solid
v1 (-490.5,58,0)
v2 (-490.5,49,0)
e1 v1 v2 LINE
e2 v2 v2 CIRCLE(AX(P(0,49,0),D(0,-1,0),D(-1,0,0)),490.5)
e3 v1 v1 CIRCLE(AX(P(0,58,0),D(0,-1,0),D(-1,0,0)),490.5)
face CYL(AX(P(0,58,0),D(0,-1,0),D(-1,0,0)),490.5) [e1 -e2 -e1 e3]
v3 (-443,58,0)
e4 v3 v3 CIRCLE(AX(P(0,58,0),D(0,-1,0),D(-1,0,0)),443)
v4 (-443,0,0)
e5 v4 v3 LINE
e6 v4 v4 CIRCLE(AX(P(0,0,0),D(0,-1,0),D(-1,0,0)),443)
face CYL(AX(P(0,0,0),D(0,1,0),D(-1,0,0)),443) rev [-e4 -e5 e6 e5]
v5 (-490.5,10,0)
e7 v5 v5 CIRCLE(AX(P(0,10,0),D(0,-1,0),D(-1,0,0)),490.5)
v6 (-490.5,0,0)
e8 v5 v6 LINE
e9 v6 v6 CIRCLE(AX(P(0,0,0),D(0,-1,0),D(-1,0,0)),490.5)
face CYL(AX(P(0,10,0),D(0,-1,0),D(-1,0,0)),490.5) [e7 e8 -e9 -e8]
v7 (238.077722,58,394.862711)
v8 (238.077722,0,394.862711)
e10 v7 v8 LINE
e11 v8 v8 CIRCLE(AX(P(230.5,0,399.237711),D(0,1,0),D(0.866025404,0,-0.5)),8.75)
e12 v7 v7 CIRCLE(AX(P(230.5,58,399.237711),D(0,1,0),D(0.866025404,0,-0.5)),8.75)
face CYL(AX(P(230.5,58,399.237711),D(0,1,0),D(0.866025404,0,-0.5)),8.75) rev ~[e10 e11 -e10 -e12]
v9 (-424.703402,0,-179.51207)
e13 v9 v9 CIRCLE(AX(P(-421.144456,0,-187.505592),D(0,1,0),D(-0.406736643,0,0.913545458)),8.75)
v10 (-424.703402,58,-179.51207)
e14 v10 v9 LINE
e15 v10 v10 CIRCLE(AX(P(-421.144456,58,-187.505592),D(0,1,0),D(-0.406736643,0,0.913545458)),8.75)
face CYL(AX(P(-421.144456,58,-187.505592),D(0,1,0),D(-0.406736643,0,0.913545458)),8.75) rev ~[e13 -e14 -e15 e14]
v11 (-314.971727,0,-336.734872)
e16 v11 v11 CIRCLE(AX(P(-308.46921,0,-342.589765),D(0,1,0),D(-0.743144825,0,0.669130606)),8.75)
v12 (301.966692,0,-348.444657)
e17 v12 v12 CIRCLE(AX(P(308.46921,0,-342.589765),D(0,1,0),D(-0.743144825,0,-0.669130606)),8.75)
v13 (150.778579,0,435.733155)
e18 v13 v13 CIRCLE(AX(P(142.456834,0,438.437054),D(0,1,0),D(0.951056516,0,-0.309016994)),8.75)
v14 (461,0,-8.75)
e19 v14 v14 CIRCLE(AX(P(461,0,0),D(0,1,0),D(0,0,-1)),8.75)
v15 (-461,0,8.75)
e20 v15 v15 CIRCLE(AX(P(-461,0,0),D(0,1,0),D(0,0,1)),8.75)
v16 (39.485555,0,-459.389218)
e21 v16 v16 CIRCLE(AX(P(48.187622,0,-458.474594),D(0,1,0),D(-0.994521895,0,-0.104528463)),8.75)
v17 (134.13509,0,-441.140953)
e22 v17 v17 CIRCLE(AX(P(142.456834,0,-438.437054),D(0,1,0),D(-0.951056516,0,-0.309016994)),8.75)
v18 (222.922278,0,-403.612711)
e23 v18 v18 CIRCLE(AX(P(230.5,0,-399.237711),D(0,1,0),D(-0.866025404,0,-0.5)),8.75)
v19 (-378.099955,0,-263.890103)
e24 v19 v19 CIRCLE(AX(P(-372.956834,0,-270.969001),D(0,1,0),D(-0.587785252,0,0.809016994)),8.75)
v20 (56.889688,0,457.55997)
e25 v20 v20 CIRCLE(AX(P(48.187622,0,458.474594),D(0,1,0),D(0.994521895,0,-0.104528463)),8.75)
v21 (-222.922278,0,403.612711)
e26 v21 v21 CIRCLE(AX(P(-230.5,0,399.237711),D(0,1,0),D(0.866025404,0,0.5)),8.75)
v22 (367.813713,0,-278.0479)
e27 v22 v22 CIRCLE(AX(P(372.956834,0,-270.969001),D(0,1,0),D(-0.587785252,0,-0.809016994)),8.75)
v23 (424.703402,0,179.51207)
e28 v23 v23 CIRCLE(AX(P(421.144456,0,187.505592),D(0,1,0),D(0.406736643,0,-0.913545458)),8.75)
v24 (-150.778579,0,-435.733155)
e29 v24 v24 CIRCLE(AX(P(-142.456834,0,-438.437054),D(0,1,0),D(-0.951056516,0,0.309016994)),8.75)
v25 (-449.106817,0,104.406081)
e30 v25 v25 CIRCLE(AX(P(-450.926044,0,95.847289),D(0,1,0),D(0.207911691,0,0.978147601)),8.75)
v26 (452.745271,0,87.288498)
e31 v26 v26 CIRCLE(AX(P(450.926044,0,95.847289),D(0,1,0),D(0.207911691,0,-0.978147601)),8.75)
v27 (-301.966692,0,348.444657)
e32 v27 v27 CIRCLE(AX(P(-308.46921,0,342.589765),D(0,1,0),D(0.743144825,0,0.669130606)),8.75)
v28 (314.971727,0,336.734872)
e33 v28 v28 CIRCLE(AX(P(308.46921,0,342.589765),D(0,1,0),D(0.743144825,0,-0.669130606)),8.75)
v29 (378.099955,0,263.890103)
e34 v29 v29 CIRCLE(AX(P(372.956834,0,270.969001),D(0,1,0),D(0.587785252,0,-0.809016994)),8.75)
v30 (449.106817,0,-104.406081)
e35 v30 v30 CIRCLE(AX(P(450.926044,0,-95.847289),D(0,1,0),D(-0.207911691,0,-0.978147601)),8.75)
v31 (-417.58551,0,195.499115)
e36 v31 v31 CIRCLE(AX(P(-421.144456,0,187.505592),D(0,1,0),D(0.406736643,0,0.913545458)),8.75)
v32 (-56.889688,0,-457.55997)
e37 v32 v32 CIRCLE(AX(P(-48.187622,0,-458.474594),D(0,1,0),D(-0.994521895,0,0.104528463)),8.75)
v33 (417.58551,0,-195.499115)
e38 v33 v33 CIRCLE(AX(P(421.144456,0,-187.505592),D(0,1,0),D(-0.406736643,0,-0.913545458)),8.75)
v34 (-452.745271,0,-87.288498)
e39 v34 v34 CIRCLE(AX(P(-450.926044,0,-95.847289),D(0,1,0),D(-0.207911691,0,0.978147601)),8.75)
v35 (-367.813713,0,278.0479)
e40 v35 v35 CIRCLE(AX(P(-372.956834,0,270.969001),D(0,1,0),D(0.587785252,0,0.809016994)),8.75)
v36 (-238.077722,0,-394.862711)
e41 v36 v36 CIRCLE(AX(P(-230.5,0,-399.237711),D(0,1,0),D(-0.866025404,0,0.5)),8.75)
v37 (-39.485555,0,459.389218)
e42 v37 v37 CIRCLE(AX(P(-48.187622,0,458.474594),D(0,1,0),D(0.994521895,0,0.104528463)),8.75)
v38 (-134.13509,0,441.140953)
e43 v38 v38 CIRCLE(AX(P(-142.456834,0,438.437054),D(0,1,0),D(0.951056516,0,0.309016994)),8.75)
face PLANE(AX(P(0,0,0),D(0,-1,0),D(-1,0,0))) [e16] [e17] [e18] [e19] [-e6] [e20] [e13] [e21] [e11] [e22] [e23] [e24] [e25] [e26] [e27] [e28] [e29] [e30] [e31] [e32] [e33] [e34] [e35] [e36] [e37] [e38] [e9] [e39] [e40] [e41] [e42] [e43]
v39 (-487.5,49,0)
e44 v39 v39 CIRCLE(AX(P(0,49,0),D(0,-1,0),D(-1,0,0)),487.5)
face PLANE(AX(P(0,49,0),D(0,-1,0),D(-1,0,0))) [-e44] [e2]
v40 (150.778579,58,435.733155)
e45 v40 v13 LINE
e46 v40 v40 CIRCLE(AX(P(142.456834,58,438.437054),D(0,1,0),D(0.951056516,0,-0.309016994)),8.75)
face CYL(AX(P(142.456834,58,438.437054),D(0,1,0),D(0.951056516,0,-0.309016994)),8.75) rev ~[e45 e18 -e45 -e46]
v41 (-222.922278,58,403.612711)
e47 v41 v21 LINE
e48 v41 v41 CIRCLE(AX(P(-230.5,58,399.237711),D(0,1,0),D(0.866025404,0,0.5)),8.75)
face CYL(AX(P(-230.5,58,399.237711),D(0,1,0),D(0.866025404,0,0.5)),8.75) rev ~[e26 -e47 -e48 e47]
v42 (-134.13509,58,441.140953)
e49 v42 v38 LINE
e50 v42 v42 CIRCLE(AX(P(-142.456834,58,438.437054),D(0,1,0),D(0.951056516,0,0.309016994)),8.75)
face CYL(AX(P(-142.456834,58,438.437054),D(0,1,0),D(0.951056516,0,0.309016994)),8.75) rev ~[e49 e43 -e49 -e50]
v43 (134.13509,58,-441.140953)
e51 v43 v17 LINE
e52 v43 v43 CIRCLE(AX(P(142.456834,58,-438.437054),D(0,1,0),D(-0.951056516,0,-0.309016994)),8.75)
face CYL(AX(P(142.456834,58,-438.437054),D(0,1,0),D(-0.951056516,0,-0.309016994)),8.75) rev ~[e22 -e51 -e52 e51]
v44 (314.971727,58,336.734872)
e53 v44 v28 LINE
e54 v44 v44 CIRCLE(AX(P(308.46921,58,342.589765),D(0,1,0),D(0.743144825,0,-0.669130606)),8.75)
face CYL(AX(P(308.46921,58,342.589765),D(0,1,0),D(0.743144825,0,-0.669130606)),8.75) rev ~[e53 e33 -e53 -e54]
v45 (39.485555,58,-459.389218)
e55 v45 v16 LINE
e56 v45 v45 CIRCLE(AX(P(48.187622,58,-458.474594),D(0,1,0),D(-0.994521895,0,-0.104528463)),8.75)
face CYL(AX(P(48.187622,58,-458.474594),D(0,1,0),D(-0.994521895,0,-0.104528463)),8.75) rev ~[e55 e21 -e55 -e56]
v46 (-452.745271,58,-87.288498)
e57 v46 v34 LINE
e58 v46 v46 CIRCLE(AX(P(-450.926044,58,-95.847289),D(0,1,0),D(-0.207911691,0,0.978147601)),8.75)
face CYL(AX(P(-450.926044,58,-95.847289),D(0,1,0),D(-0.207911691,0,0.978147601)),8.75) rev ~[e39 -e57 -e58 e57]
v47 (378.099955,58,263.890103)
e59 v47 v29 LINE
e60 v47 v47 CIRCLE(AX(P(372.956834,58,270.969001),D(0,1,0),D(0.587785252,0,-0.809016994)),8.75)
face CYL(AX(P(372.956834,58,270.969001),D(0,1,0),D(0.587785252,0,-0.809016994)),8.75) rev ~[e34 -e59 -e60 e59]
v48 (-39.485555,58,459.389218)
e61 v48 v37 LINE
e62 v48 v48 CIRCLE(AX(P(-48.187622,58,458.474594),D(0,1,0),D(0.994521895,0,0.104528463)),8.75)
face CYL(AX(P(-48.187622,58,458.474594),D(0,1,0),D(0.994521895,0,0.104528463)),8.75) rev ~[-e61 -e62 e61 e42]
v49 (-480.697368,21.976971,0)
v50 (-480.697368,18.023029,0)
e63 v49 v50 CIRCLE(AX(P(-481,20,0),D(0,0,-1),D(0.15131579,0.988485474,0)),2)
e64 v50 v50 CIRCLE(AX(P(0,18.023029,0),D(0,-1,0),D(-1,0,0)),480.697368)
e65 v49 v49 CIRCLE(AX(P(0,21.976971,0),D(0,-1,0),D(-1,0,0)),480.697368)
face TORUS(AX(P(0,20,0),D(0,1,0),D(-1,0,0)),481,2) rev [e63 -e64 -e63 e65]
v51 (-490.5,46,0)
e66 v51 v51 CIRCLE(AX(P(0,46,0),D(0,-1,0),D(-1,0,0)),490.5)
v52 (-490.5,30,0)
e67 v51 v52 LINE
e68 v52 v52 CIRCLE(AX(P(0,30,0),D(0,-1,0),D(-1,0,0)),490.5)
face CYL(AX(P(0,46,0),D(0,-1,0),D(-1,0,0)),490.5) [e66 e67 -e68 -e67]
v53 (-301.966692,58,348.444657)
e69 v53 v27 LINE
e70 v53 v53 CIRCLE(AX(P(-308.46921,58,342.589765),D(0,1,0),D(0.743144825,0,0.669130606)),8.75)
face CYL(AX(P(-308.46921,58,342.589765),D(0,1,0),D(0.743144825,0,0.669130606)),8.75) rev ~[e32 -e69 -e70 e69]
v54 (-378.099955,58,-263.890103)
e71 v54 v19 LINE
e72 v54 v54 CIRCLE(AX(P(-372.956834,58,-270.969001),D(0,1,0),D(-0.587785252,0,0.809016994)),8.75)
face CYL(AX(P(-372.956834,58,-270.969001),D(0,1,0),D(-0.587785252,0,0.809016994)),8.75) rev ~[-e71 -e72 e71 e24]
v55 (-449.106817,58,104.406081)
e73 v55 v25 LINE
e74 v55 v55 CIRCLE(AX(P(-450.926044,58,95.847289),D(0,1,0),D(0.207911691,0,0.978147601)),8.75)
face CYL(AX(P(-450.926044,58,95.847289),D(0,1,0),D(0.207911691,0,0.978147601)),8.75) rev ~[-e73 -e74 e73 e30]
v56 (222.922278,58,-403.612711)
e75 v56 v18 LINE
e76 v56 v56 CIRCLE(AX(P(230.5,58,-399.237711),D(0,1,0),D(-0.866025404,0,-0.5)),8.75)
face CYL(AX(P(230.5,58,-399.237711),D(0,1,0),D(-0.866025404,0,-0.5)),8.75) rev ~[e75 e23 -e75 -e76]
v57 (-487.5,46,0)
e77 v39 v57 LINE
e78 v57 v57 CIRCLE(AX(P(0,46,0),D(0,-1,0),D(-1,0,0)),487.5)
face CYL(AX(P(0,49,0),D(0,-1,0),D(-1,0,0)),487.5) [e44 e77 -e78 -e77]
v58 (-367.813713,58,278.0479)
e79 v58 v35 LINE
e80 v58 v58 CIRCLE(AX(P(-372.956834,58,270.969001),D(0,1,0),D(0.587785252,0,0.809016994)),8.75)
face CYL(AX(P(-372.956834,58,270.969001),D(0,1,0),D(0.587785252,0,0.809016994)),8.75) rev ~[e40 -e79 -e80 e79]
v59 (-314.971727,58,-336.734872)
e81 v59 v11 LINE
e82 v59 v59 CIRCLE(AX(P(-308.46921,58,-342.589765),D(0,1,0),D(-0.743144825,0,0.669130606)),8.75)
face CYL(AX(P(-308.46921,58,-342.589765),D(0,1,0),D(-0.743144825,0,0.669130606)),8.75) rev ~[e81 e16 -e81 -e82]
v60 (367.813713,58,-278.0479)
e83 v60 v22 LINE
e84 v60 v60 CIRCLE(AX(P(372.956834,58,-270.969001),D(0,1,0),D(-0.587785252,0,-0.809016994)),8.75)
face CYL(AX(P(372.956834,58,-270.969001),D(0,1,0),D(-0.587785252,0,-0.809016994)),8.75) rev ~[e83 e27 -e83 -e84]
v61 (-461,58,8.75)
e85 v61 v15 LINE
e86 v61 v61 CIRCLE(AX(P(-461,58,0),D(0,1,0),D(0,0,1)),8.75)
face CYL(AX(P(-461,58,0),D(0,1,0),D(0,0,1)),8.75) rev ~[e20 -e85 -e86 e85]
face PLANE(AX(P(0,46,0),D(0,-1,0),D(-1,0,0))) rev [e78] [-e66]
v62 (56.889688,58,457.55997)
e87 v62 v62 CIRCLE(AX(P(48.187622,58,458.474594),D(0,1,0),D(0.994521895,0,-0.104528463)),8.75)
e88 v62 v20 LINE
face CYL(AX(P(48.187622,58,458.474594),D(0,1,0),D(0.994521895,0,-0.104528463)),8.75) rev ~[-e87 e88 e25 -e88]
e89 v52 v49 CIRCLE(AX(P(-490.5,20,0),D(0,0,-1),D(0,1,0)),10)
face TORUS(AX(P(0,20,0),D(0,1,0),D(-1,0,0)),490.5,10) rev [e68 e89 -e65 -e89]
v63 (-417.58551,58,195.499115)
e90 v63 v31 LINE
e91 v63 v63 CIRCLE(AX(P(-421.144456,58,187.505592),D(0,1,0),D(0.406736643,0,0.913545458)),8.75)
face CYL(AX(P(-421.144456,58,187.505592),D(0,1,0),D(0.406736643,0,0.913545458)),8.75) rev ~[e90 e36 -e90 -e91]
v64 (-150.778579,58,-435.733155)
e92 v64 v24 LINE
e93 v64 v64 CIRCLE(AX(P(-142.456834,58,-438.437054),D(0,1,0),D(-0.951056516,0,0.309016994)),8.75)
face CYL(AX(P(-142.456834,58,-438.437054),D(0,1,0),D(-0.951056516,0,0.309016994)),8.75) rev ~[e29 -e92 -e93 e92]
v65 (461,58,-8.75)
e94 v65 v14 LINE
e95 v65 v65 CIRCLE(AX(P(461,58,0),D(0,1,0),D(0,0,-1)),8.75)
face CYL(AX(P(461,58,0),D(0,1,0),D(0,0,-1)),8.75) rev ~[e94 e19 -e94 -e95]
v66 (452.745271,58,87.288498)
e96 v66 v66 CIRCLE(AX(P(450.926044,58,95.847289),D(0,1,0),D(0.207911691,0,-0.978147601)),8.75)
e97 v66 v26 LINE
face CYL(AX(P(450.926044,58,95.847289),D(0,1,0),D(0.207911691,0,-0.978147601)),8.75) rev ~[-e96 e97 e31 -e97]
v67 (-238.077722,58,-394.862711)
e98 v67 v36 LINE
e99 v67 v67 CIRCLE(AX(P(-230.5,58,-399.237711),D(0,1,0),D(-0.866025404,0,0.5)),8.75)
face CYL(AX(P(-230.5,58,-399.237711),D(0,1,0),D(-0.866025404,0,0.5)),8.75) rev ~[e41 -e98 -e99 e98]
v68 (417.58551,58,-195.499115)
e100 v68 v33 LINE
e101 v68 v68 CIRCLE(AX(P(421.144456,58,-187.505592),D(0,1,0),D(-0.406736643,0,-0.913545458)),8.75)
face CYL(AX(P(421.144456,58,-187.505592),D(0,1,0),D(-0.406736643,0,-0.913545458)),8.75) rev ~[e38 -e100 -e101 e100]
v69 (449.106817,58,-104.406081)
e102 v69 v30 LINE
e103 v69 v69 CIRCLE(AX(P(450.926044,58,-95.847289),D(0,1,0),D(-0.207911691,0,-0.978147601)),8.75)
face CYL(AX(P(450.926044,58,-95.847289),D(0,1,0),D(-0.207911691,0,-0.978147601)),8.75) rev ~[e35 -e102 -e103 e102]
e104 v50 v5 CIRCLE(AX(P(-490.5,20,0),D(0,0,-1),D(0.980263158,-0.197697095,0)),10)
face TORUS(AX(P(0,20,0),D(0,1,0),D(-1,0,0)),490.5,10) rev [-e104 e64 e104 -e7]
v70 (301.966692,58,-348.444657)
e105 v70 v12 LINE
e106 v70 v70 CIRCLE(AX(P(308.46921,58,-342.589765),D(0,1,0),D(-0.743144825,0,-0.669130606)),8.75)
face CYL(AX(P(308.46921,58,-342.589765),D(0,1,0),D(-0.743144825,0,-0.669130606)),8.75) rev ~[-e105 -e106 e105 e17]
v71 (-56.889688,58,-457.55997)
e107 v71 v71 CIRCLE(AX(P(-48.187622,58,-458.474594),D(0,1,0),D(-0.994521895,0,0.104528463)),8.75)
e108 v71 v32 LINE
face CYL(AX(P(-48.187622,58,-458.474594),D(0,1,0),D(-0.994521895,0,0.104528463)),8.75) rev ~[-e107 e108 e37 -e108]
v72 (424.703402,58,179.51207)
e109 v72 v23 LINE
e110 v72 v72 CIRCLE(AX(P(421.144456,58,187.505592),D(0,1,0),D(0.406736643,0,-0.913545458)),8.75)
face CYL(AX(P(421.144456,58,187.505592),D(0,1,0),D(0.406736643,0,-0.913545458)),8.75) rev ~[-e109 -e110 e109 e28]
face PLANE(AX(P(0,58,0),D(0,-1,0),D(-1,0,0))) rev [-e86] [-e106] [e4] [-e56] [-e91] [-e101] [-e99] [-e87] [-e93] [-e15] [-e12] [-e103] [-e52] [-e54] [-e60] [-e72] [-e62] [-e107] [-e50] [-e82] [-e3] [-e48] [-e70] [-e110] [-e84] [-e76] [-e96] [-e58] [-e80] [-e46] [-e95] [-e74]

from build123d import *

# Parameters (mm, degrees)
ESQUISSE4_R                  = 8.75
ENL_V_MAT_EXTRU_2_DEPTH      = 697.092307097
R_P_TITION_CIRCULAIRE1_COUNT = 30


with BuildPart() as part:
    # Esquisse1 → Révolution1 (revolve)
    with BuildSketch(Plane.XY):
        with BuildLine():
            Line((-490.5, 58), (-490.5, 49))
            Line((-490.5, 49), (-487.5, 49))
            Line((-487.5, 49), (-487.5, 46))
            Line((-487.5, 46), (-490.5, 46))
            Line((-490.5, 46), (-490.5, 30))
            ThreePointArc((-490.5, 30), (-484.166348189, 27.738530528), (-480.697368421, 21.976970948))
            ThreePointArc((-480.697368421, 21.976970948), (-479, 20), (-480.697368421, 18.023029052))
            ThreePointArc((-480.697368421, 18.023029052), (-484.166348189, 12.261469472), (-490.5, 10))
            Line((-490.5, 10), (-490.5, 0))
            Line((-490.5, 0), (-443, 0))
            Line((-443, 0), (-443, 58))
            Line((-443, 58), (-490.5, 58))
        make_face()
    revolve(axis=Axis((0, 58, 0), (0, -1, 0)))

    # Esquisse4 → Enlèv. mat.-Extru.2 (cut, through all)
    with BuildSketch(Plane(origin=(0, 58, 0), x_dir=(1, 0, 0), z_dir=(0, 1, 0))):
        with Locations((-461, 0)):
            Circle(ESQUISSE4_R)
    enl_v_mat_extru_2 = extrude(amount=-ENL_V_MAT_EXTRU_2_DEPTH, mode=Mode.SUBTRACT)

    # Répétition circulaire1: Enlèv. mat.-Extru.2 ×30 about axis
    r_p_tition_circulaire1_axis = Axis((0, 45.15, 0), (0, -1, 0))
    for i in range(1, R_P_TITION_CIRCULAIRE1_COUNT):
        add(enl_v_mat_extru_2.rotate(r_p_tition_circulaire1_axis, i * 360 / R_P_TITION_CIRCULAIRE1_COUNT), mode=Mode.SUBTRACT)


solid = part.part
